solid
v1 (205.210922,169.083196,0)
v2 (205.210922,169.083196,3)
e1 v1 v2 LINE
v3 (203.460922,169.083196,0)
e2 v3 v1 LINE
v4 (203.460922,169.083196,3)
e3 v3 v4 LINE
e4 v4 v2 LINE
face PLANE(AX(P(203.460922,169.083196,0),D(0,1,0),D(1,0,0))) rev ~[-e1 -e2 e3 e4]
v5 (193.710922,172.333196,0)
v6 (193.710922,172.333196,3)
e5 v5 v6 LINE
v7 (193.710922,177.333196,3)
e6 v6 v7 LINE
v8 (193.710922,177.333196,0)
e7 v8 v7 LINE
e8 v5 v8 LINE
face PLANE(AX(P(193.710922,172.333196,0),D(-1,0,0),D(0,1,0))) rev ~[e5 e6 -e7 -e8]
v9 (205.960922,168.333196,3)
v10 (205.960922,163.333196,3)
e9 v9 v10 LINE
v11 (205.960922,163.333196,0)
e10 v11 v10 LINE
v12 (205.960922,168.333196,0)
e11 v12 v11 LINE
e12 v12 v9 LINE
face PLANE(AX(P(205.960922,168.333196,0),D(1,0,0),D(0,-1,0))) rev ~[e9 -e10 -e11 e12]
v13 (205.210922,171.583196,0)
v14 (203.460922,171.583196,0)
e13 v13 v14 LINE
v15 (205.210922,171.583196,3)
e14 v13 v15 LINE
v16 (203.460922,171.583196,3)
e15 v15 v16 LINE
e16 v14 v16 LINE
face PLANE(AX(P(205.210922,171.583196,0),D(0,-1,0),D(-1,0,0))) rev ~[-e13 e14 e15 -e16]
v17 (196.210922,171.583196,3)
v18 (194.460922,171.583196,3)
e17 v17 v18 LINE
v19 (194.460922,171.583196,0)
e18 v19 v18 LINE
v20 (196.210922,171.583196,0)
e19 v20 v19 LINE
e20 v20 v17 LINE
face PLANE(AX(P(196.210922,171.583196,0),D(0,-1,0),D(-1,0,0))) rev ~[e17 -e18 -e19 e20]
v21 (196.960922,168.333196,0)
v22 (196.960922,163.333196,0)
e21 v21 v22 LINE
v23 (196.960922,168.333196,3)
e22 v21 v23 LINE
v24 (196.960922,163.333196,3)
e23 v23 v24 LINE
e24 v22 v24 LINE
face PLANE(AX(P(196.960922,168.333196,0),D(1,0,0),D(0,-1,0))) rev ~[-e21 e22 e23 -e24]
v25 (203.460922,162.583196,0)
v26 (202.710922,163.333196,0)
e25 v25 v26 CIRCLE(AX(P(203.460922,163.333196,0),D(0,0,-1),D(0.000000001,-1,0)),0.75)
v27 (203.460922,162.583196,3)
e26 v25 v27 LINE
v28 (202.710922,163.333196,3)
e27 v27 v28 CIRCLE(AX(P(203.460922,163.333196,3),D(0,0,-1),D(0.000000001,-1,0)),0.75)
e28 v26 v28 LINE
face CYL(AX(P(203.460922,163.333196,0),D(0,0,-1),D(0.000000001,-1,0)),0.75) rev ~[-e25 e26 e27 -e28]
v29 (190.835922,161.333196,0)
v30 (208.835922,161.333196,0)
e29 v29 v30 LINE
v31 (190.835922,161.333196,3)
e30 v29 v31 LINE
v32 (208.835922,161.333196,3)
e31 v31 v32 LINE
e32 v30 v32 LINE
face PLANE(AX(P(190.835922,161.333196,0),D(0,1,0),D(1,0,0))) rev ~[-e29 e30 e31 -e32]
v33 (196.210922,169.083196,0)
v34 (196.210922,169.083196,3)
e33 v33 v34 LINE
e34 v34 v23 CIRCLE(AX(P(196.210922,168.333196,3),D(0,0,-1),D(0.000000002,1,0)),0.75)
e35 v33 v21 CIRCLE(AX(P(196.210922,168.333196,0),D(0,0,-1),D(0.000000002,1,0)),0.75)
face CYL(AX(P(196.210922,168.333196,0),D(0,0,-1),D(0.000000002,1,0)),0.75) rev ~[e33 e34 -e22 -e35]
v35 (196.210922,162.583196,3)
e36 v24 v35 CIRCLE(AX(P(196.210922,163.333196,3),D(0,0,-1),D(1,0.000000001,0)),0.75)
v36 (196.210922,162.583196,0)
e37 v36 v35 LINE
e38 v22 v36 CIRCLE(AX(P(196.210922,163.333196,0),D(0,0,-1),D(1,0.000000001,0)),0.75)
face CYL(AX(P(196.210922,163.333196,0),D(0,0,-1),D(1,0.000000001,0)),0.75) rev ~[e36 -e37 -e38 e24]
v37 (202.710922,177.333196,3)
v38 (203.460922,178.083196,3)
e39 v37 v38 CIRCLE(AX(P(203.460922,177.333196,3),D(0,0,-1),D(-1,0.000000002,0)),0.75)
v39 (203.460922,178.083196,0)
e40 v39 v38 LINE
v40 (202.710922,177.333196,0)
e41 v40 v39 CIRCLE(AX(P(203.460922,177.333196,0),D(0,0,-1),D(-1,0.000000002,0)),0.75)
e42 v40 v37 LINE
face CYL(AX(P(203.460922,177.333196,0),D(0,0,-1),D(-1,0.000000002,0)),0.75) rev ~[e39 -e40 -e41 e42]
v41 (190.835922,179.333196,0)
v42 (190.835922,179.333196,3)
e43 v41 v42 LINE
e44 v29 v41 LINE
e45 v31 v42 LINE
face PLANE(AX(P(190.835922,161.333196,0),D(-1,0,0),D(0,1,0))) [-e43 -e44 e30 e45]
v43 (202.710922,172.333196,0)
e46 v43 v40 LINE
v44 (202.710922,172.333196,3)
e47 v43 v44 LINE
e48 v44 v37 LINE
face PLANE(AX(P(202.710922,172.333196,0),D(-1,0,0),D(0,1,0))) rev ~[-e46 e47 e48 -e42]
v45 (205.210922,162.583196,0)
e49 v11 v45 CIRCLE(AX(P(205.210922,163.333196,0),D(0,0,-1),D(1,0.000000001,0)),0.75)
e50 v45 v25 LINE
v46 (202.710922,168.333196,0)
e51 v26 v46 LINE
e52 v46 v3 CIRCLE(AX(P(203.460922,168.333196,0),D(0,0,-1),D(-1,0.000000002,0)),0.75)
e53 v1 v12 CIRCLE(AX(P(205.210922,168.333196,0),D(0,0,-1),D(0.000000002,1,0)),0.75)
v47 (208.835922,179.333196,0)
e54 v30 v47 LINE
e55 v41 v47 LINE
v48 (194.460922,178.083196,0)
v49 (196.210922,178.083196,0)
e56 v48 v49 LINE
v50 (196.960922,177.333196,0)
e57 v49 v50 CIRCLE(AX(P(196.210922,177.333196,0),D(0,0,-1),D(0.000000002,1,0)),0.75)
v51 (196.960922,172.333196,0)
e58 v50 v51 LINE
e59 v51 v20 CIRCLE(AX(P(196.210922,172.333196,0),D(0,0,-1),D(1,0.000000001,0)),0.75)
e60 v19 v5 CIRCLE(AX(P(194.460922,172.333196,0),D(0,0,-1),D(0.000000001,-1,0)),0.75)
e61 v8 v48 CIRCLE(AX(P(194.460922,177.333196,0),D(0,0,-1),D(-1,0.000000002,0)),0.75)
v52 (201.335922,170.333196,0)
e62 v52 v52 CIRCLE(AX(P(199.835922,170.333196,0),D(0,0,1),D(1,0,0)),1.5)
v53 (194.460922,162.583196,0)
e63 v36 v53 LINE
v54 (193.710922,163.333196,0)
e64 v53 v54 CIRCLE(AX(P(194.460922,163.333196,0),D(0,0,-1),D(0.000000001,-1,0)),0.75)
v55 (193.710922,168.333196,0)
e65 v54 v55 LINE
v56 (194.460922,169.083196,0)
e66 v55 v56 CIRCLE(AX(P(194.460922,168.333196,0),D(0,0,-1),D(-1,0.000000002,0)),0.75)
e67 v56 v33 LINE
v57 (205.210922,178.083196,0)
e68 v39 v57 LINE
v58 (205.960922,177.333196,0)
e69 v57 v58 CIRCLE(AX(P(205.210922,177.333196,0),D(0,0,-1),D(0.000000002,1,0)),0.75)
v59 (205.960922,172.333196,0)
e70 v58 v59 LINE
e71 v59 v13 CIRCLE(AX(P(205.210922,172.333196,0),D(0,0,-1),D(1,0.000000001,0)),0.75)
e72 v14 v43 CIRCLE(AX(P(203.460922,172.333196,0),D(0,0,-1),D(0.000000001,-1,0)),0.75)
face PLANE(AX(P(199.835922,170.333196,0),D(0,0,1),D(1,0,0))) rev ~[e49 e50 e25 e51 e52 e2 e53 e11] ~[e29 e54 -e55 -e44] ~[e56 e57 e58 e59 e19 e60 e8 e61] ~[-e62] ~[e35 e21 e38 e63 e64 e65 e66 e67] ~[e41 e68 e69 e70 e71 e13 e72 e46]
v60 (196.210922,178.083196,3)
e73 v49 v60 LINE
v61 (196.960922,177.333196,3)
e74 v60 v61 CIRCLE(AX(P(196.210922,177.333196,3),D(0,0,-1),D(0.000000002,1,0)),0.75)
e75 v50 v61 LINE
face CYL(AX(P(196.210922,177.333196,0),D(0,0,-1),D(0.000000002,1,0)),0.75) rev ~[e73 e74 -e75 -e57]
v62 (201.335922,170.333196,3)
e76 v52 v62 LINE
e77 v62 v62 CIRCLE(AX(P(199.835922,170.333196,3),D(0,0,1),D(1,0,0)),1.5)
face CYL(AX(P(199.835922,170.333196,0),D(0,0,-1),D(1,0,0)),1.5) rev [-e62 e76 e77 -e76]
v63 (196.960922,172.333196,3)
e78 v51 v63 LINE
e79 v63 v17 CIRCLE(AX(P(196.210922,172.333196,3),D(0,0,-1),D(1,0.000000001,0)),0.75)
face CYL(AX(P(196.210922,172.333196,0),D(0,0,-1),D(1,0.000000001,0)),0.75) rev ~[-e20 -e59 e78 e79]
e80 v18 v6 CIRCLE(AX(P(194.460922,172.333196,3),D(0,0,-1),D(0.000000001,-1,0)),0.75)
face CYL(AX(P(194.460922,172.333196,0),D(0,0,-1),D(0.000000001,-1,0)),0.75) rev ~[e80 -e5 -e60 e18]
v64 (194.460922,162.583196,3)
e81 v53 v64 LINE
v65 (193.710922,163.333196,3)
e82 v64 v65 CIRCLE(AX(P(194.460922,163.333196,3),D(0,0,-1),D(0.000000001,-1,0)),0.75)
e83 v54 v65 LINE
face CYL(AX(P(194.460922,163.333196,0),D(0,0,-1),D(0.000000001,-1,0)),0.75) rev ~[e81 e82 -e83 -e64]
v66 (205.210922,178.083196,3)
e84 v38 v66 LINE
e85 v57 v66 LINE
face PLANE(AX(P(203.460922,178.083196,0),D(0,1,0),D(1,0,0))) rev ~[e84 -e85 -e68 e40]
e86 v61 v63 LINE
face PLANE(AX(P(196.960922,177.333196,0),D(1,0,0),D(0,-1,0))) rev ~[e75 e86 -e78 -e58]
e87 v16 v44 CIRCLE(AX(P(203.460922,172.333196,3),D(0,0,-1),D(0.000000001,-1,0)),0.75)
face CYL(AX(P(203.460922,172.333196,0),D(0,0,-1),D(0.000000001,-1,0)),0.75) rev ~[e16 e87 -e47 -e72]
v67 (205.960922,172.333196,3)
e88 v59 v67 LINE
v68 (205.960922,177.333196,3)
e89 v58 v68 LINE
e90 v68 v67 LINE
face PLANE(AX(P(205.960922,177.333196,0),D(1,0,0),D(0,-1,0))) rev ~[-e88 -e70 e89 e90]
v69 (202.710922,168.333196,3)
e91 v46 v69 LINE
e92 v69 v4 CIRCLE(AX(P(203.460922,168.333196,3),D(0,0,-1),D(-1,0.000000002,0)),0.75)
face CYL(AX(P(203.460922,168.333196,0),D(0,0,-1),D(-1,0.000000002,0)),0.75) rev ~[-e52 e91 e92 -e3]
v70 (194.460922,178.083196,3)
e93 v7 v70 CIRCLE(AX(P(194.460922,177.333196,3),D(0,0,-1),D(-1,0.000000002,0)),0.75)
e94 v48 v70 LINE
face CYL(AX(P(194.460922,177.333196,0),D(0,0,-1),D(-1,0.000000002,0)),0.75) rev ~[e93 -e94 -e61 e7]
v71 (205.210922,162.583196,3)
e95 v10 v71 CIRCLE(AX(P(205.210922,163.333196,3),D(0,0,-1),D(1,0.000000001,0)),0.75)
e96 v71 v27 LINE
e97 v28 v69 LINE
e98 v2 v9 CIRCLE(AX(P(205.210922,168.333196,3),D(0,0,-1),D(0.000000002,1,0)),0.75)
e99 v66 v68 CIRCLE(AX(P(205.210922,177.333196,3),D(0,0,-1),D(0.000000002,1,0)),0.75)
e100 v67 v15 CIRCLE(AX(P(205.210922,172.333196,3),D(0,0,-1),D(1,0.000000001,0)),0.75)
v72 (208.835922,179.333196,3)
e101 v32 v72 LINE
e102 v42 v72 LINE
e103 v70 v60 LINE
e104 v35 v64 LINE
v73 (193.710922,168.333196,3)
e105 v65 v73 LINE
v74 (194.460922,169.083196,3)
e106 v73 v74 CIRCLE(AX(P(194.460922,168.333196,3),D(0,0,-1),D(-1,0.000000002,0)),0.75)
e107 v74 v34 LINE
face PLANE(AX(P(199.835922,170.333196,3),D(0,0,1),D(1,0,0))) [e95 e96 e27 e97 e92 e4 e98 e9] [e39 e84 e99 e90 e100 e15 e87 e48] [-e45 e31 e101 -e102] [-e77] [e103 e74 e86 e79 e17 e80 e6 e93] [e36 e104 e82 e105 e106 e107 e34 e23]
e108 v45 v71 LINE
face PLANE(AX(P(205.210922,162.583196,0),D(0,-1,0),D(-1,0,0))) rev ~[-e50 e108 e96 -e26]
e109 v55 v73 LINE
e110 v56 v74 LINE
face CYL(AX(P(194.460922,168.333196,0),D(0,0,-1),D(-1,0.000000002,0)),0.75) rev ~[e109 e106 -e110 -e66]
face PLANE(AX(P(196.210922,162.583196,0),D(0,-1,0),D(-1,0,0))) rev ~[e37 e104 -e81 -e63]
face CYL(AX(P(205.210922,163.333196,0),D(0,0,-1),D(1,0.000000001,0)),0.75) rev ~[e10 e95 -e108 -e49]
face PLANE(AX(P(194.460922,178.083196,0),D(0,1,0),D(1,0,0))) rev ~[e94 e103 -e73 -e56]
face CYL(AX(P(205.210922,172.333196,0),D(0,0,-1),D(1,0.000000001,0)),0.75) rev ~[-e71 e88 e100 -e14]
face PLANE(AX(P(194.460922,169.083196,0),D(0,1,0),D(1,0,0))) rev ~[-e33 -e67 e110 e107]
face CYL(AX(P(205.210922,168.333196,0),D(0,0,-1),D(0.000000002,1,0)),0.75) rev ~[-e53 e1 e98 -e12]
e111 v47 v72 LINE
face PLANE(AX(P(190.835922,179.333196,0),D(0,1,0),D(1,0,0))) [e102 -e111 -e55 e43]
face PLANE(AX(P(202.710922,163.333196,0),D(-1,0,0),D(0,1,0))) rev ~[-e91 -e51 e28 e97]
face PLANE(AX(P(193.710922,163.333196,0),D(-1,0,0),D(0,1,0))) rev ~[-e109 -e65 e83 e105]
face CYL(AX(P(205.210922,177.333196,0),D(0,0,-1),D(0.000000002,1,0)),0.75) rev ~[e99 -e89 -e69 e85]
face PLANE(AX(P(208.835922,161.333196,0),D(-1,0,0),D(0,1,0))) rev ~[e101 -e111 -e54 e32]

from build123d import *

# Parameters (mm, degrees)
MODEL_W                 = 18
MODEL_H                 = 18
MODEL_R                 = 1.5
SALIENTE_EXTRUIR1_DEPTH = 3


with BuildPart() as part:
    # Model → Saliente-Extruir1 (new body)
    with BuildSketch(Plane.XY):
        with Locations((199.835922194, 170.333196305)):
            Rectangle(MODEL_W, MODEL_H)
        with Locations((199.835922194, 170.333196305)):
            Circle(MODEL_R, mode=Mode.SUBTRACT)
        with BuildLine():
            Line((202.710922194, 172.333196305), (202.710922194, 177.333196305))
            ThreePointArc((202.710922194, 177.333196305), (202.930592108, 177.86352639), (203.460922194, 178.083196305))
            Line((203.460922194, 178.083196305), (205.210922194, 178.083196305))
            ThreePointArc((205.210922194, 178.083196305), (205.74125228, 177.86352639), (205.960922194, 177.333196305))
            Line((205.960922194, 177.333196305), (205.960922194, 172.333196305))
            ThreePointArc((205.960922194, 172.333196305), (205.74125228, 171.802866219), (205.210922194, 171.583196305))
            Line((205.210922194, 171.583196305), (203.460922194, 171.583196305))
            ThreePointArc((203.460922194, 171.583196305), (202.930592108, 171.802866219), (202.710922194, 172.333196305))
        make_face(mode=Mode.SUBTRACT)
        with BuildLine():
            Line((205.960922194, 168.333196305), (205.960922194, 163.333196305))
            ThreePointArc((205.960922194, 163.333196305), (205.74125228, 162.802866219), (205.210922194, 162.583196305))
            Line((205.210922194, 162.583196305), (203.460922194, 162.583196305))
            ThreePointArc((203.460922194, 162.583196305), (202.930592108, 162.802866219), (202.710922194, 163.333196305))
            Line((202.710922194, 163.333196305), (202.710922194, 168.333196305))
            ThreePointArc((202.710922194, 168.333196305), (202.930592108, 168.86352639), (203.460922194, 169.083196305))
            Line((203.460922194, 169.083196305), (205.210922194, 169.083196305))
            ThreePointArc((205.210922194, 169.083196305), (205.74125228, 168.86352639), (205.960922194, 168.333196305))
        make_face(mode=Mode.SUBTRACT)
        with BuildLine():
            Line((196.960922194, 168.333196305), (196.960922194, 163.333196305))
            ThreePointArc((196.960922194, 163.333196305), (196.74125228, 162.802866219), (196.210922194, 162.583196305))
            Line((196.210922194, 162.583196305), (194.460922194, 162.583196305))
            ThreePointArc((194.460922194, 162.583196305), (193.930592108, 162.802866219), (193.710922194, 163.333196305))
            Line((193.710922194, 163.333196305), (193.710922194, 168.333196305))
            ThreePointArc((193.710922194, 168.333196305), (193.930592108, 168.86352639), (194.460922194, 169.083196305))
            Line((194.460922194, 169.083196305), (196.210922194, 169.083196305))
            ThreePointArc((196.210922194, 169.083196305), (196.74125228, 168.86352639), (196.960922194, 168.333196305))
        make_face(mode=Mode.SUBTRACT)
        with BuildLine():
            Line((196.960922194, 177.333196305), (196.960922194, 172.333196305))
            ThreePointArc((196.960922194, 172.333196305), (196.74125228, 171.802866219), (196.210922194, 171.583196305))
            Line((196.210922194, 171.583196305), (194.460922194, 171.583196305))
            ThreePointArc((194.460922194, 171.583196305), (193.930592108, 171.802866219), (193.710922194, 172.333196305))
            Line((193.710922194, 172.333196305), (193.710922194, 177.333196305))
            ThreePointArc((193.710922194, 177.333196305), (193.930592108, 177.86352639), (194.460922194, 178.083196305))
            Line((194.460922194, 178.083196305), (196.210922194, 178.083196305))
            ThreePointArc((196.210922194, 178.083196305), (196.74125228, 177.86352639), (196.960922194, 177.333196305))
        make_face(mode=Mode.SUBTRACT)
    extrude(amount=SALIENTE_EXTRUIR1_DEPTH)


solid = part.part
